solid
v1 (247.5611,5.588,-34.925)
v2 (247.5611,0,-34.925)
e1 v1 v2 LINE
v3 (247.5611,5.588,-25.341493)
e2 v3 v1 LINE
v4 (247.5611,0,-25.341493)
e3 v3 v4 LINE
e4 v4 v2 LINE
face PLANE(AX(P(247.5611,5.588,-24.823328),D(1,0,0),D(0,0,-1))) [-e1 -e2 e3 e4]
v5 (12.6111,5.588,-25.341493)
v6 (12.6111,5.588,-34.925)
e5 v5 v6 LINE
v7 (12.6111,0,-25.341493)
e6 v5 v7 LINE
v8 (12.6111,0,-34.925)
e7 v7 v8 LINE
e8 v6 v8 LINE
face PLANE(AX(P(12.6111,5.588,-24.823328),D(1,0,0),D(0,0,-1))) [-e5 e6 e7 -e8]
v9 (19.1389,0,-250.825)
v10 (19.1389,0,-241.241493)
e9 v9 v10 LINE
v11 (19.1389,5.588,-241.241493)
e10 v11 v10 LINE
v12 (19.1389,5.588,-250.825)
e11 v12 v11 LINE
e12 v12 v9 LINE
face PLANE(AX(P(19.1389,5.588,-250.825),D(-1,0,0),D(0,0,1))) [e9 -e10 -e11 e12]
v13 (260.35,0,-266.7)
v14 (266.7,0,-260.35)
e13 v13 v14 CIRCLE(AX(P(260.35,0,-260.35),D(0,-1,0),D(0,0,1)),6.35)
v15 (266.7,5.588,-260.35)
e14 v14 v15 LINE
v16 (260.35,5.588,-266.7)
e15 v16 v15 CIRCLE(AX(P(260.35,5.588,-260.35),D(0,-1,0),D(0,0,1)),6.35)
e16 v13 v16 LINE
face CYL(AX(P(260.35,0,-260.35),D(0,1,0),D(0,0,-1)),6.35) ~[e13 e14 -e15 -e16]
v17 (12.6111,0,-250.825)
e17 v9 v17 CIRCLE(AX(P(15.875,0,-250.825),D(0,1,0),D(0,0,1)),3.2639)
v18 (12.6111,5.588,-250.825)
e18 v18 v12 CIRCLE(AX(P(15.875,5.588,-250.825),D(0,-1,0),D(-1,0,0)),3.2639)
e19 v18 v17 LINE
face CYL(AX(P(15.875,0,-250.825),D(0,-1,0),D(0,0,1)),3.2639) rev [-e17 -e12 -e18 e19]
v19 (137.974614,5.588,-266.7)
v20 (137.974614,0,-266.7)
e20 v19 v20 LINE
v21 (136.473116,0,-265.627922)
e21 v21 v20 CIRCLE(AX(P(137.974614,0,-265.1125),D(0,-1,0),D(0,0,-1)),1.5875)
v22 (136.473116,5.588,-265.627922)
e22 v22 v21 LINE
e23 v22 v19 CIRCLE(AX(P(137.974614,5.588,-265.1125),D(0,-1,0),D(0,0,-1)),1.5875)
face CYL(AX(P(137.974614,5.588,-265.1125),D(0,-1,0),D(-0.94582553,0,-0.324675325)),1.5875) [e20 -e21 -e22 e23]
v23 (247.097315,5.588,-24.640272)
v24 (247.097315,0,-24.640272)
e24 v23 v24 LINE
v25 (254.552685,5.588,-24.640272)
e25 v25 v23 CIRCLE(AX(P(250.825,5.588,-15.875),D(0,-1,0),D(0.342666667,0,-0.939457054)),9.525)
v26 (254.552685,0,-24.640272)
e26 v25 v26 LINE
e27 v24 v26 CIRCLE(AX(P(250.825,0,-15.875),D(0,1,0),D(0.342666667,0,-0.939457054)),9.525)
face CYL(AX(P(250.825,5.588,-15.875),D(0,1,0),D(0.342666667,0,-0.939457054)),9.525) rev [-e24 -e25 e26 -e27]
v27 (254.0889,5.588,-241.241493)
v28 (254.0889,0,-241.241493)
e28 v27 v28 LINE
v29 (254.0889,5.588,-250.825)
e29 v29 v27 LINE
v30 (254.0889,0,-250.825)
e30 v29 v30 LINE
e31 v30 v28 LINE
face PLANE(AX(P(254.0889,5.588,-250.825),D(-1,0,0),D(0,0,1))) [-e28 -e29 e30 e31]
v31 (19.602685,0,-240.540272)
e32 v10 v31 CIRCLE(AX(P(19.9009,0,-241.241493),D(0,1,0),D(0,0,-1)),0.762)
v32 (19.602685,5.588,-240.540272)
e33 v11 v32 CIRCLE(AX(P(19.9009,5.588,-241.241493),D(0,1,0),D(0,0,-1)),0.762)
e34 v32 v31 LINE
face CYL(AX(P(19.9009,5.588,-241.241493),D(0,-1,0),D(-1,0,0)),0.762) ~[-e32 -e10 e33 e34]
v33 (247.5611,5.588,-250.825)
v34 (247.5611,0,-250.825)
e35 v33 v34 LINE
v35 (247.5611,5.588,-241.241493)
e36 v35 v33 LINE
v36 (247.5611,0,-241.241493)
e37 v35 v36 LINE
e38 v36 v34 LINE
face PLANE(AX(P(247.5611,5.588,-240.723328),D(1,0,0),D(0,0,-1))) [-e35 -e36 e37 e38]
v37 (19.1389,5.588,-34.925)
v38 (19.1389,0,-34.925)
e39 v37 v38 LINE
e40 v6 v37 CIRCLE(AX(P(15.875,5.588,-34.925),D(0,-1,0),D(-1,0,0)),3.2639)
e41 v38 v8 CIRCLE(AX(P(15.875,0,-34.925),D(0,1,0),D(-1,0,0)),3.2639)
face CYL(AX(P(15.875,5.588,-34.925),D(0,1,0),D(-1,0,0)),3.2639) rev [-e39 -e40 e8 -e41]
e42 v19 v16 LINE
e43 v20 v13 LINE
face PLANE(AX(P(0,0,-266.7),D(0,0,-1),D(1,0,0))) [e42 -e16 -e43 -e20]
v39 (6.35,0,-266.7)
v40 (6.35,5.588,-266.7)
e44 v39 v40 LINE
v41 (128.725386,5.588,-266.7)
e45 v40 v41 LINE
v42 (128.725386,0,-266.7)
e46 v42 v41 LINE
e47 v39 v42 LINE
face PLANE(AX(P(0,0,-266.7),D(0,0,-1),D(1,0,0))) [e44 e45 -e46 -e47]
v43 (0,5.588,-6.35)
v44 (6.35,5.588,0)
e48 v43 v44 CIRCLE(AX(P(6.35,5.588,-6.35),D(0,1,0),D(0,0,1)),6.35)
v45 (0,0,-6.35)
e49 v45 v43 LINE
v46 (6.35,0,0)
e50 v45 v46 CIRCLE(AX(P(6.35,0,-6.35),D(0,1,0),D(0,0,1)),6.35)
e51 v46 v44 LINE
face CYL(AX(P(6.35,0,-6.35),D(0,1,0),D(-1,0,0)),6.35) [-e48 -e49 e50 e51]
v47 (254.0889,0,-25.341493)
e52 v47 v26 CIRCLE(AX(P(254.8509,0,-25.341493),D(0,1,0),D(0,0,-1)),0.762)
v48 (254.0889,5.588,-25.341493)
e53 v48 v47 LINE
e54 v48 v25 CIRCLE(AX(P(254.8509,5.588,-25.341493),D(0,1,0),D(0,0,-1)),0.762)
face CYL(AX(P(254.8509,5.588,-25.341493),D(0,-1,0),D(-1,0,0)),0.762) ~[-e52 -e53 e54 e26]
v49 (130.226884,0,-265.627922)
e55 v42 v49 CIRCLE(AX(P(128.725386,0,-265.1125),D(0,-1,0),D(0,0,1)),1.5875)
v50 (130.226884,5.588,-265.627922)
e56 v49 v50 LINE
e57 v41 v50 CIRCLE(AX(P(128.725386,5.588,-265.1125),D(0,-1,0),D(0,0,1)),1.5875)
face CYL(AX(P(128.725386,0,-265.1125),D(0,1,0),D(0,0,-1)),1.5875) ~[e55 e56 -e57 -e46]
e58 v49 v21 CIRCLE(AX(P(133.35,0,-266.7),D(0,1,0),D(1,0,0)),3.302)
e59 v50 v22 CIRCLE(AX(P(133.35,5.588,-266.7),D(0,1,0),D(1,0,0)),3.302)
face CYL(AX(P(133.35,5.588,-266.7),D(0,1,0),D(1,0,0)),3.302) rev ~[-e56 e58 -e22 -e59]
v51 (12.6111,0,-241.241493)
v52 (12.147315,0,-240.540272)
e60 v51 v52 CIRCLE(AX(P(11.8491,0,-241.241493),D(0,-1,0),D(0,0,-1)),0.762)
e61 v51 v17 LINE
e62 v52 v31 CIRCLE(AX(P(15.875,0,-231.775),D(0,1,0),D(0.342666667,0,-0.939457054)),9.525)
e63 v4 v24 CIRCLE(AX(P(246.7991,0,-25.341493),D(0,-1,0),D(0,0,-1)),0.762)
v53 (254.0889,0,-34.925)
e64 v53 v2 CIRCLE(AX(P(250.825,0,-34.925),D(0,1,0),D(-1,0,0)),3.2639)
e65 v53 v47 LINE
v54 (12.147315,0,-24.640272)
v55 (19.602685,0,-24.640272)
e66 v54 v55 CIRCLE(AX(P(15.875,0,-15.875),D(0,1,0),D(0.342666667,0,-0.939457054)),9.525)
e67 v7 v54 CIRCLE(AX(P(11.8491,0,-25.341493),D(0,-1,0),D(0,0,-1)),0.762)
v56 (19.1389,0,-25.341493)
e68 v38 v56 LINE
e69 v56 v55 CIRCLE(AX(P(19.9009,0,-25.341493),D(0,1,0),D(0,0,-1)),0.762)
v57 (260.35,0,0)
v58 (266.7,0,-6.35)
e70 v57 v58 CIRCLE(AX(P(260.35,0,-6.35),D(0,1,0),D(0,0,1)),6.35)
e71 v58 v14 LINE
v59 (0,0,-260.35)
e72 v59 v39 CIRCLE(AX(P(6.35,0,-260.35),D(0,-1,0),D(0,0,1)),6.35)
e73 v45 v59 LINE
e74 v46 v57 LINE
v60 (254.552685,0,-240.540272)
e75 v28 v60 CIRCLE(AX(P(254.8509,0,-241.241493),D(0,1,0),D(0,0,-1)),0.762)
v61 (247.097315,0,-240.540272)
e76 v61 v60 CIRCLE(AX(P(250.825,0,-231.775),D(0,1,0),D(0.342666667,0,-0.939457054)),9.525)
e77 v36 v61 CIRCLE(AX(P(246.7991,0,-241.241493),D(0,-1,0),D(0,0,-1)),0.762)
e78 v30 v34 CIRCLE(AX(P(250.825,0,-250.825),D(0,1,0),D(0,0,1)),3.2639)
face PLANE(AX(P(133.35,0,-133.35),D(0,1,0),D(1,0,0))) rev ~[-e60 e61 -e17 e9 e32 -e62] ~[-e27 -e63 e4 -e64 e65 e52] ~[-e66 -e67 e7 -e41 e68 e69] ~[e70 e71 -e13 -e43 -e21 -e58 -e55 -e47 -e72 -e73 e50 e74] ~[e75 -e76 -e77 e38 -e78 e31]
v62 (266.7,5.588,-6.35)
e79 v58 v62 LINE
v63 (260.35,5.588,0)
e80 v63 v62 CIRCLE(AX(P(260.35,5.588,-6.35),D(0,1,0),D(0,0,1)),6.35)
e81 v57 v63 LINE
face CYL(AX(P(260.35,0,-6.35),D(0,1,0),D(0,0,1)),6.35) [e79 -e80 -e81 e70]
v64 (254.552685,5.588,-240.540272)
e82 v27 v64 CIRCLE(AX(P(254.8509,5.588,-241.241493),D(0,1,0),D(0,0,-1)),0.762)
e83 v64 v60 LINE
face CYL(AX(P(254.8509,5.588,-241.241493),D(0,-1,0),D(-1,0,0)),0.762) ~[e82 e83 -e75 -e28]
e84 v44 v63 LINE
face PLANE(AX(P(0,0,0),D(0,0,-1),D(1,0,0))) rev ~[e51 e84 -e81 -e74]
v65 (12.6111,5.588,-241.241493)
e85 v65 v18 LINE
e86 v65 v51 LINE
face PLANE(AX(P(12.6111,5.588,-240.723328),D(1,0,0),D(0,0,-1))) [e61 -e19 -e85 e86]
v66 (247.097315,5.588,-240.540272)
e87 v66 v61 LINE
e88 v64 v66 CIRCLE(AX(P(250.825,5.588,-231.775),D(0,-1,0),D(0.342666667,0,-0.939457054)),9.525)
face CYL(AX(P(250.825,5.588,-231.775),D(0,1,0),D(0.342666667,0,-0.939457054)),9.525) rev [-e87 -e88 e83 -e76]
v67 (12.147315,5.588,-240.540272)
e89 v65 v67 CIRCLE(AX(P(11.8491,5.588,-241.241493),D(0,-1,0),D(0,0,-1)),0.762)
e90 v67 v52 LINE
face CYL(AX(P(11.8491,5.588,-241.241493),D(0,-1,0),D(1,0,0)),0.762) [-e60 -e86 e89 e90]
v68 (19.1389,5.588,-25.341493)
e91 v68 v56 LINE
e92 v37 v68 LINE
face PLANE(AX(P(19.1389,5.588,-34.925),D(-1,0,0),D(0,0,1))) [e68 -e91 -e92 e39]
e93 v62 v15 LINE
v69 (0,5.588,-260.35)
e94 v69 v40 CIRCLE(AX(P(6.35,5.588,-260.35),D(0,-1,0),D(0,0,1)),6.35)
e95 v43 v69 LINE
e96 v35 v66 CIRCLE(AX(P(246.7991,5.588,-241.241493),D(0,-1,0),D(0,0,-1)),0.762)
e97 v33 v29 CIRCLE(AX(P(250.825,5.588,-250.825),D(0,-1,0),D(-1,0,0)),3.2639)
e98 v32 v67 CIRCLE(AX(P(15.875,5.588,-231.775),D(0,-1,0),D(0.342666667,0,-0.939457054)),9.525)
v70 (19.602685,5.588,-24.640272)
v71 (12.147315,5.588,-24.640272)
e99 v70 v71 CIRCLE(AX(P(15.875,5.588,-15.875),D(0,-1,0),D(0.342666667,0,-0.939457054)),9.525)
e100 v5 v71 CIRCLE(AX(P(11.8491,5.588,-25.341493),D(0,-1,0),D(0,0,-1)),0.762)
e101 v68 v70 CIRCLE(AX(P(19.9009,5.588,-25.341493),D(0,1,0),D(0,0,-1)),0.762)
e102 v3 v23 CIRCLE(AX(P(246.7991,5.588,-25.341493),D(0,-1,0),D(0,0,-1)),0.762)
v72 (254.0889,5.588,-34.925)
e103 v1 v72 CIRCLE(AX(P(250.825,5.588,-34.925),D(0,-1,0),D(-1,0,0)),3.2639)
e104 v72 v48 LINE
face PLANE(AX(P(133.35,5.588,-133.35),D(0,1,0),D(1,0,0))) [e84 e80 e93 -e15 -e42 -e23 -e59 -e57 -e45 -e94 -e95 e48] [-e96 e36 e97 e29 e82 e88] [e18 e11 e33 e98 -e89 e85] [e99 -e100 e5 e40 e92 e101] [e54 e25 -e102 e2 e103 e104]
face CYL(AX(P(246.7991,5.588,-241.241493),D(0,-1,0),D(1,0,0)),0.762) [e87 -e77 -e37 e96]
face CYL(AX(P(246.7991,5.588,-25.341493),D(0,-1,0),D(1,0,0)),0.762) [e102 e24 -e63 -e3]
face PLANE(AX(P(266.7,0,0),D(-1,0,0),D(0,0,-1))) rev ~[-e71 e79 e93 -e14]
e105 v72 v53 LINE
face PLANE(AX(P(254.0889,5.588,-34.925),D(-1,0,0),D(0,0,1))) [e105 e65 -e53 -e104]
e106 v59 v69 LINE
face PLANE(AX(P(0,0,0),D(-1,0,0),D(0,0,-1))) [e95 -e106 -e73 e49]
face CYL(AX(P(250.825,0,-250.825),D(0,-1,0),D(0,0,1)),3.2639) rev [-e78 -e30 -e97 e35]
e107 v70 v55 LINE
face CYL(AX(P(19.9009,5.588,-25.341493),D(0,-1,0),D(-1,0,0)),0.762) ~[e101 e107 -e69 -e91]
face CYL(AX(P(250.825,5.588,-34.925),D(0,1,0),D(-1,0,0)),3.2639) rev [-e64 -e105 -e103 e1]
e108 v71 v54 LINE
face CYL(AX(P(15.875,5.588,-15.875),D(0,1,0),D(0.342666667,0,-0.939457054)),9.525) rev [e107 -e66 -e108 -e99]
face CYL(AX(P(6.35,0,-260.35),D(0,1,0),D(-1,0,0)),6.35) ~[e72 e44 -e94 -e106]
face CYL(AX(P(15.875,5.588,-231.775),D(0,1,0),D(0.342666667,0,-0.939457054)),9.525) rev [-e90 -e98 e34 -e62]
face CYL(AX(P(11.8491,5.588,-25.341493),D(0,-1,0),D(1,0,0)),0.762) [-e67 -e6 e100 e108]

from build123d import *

# Parameters (mm, degrees)
SKETCH1_W           = 266.7
SKETCH1_H           = 266.7
SKETCH1_R           = 3.2639
BOSS_EXTRUDE1_DEPTH = 5.588
FILLET1_R           = 6.35
CUT_EXTRUDE2_DEPTH  = 378.212149518
SKETCH6_R           = 3.302
CUT_EXTRUDE3_DEPTH  = 378.212149518
FILLET2_R           = 1.5875
FILLET3_R           = 0.762


with BuildPart() as part:
    # Sketch1 → Boss-Extrude1 (new body)
    with BuildSketch(Plane(origin=(0, 0, 0), x_dir=(1, 0, 0), z_dir=(0, 1, 0))):
        with Locations((133.35, 133.35)):
            Rectangle(SKETCH1_W, SKETCH1_H)
        with Locations(Location((15.875, 250.825, 0), (0, 0, 270))):
            Circle(SKETCH1_R, mode=Mode.SUBTRACT)
        with Locations(Location((250.825, 250.825, 0), (0, 0, 270))):
            Circle(SKETCH1_R, mode=Mode.SUBTRACT)
        with Locations(Location((15.875, 15.875, 0), (0, 0, 270))):
            Circle(SKETCH1_R, mode=Mode.SUBTRACT)
        with Locations(Location((250.825, 15.875, 0), (0, 0, 270))):
            Circle(SKETCH1_R, mode=Mode.SUBTRACT)
    extrude(amount=BOSS_EXTRUDE1_DEPTH)

    # Fillet1
    fillet1_edges = [part.edges().sort_by_distance(p)[0] for p in [
        (0, 2.794, -266.7),
        (266.7, 2.794, -266.7),
        (266.7, 2.794, 0),
        (0, 2.794, 0),
    ]]
    fillet(fillet1_edges, radius=FILLET1_R)

    # Sketch5 → Cut-Extrude2 (cut, through all)
    with BuildSketch(Plane(origin=(0, 5.588, 0), x_dir=(1, 0, 0), z_dir=(0, 1, 0))):
        with BuildLine():
            Line((19.1389, 34.925), (19.1389, 24.823328436))
            ThreePointArc((19.1389, 24.823328436), (15.875, 6.35), (12.6111, 24.823328436))
            Line((12.6111, 24.823328436), (12.6111, 34.925))
            ThreePointArc((12.6111, 34.925), (15.875, 38.1889), (19.1389, 34.925))
        make_face()
        with BuildLine():
            Line((254.0889, 34.925), (254.0889, 24.823328436))
            ThreePointArc((254.0889, 24.823328436), (250.825, 6.35), (247.5611, 24.823328436))
            Line((247.5611, 24.823328436), (247.5611, 34.925))
            ThreePointArc((247.5611, 34.925), (250.825, 38.1889), (254.0889, 34.925))
        make_face()
        with BuildLine():
            Line((19.1389, 250.825), (19.1389, 240.723328436))
            ThreePointArc((19.1389, 240.723328436), (15.875, 222.25), (12.6111, 240.723328436))
            Line((12.6111, 240.723328436), (12.6111, 250.825))
            ThreePointArc((12.6111, 250.825), (15.875, 254.0889), (19.1389, 250.825))
        make_face()
        with BuildLine():
            Line((254.0889, 250.825), (254.0889, 240.723328436))
            ThreePointArc((254.0889, 240.723328436), (250.825, 222.25), (247.5611, 240.723328436))
            Line((247.5611, 240.723328436), (247.5611, 250.825))
            ThreePointArc((247.5611, 250.825), (250.825, 254.0889), (254.0889, 250.825))
        make_face()
    extrude(amount=-CUT_EXTRUDE2_DEPTH, mode=Mode.SUBTRACT)

    # Sketch6 → Cut-Extrude3 (cut, through all)
    with BuildSketch(Plane(origin=(0, 5.588, 0), x_dir=(1, 0, 0), z_dir=(0, 1, 0))):
        with Locations((133.35, 266.7)):
            Circle(SKETCH6_R)
    extrude(amount=-CUT_EXTRUDE3_DEPTH, mode=Mode.SUBTRACT)

    # Fillet2
    fillet2_edges = [part.edges().sort_by_distance(p)[0] for p in [
        (130.048, 2.794, -266.7),
        (136.652, 2.794, -266.7),
    ]]
    fillet(fillet2_edges, radius=FILLET2_R)

    # Fillet3
    fillet3_edges = [part.edges().sort_by_distance(p)[0] for p in [
        (254.0889, 2.794, -24.823328436),
        (247.5611, 2.794, -24.823328436),
        (19.1389, 2.794, -240.723328436),
        (12.6111, 2.794, -240.723328436),
        (254.0889, 2.794, -240.723328436),
        (247.5611, 2.794, -240.723328436),
        (19.1389, 2.794, -24.823328436),
        (12.6111, 2.794, -24.823328436),
    ]]
    fillet(fillet3_edges, radius=FILLET3_R)


solid = part.part
